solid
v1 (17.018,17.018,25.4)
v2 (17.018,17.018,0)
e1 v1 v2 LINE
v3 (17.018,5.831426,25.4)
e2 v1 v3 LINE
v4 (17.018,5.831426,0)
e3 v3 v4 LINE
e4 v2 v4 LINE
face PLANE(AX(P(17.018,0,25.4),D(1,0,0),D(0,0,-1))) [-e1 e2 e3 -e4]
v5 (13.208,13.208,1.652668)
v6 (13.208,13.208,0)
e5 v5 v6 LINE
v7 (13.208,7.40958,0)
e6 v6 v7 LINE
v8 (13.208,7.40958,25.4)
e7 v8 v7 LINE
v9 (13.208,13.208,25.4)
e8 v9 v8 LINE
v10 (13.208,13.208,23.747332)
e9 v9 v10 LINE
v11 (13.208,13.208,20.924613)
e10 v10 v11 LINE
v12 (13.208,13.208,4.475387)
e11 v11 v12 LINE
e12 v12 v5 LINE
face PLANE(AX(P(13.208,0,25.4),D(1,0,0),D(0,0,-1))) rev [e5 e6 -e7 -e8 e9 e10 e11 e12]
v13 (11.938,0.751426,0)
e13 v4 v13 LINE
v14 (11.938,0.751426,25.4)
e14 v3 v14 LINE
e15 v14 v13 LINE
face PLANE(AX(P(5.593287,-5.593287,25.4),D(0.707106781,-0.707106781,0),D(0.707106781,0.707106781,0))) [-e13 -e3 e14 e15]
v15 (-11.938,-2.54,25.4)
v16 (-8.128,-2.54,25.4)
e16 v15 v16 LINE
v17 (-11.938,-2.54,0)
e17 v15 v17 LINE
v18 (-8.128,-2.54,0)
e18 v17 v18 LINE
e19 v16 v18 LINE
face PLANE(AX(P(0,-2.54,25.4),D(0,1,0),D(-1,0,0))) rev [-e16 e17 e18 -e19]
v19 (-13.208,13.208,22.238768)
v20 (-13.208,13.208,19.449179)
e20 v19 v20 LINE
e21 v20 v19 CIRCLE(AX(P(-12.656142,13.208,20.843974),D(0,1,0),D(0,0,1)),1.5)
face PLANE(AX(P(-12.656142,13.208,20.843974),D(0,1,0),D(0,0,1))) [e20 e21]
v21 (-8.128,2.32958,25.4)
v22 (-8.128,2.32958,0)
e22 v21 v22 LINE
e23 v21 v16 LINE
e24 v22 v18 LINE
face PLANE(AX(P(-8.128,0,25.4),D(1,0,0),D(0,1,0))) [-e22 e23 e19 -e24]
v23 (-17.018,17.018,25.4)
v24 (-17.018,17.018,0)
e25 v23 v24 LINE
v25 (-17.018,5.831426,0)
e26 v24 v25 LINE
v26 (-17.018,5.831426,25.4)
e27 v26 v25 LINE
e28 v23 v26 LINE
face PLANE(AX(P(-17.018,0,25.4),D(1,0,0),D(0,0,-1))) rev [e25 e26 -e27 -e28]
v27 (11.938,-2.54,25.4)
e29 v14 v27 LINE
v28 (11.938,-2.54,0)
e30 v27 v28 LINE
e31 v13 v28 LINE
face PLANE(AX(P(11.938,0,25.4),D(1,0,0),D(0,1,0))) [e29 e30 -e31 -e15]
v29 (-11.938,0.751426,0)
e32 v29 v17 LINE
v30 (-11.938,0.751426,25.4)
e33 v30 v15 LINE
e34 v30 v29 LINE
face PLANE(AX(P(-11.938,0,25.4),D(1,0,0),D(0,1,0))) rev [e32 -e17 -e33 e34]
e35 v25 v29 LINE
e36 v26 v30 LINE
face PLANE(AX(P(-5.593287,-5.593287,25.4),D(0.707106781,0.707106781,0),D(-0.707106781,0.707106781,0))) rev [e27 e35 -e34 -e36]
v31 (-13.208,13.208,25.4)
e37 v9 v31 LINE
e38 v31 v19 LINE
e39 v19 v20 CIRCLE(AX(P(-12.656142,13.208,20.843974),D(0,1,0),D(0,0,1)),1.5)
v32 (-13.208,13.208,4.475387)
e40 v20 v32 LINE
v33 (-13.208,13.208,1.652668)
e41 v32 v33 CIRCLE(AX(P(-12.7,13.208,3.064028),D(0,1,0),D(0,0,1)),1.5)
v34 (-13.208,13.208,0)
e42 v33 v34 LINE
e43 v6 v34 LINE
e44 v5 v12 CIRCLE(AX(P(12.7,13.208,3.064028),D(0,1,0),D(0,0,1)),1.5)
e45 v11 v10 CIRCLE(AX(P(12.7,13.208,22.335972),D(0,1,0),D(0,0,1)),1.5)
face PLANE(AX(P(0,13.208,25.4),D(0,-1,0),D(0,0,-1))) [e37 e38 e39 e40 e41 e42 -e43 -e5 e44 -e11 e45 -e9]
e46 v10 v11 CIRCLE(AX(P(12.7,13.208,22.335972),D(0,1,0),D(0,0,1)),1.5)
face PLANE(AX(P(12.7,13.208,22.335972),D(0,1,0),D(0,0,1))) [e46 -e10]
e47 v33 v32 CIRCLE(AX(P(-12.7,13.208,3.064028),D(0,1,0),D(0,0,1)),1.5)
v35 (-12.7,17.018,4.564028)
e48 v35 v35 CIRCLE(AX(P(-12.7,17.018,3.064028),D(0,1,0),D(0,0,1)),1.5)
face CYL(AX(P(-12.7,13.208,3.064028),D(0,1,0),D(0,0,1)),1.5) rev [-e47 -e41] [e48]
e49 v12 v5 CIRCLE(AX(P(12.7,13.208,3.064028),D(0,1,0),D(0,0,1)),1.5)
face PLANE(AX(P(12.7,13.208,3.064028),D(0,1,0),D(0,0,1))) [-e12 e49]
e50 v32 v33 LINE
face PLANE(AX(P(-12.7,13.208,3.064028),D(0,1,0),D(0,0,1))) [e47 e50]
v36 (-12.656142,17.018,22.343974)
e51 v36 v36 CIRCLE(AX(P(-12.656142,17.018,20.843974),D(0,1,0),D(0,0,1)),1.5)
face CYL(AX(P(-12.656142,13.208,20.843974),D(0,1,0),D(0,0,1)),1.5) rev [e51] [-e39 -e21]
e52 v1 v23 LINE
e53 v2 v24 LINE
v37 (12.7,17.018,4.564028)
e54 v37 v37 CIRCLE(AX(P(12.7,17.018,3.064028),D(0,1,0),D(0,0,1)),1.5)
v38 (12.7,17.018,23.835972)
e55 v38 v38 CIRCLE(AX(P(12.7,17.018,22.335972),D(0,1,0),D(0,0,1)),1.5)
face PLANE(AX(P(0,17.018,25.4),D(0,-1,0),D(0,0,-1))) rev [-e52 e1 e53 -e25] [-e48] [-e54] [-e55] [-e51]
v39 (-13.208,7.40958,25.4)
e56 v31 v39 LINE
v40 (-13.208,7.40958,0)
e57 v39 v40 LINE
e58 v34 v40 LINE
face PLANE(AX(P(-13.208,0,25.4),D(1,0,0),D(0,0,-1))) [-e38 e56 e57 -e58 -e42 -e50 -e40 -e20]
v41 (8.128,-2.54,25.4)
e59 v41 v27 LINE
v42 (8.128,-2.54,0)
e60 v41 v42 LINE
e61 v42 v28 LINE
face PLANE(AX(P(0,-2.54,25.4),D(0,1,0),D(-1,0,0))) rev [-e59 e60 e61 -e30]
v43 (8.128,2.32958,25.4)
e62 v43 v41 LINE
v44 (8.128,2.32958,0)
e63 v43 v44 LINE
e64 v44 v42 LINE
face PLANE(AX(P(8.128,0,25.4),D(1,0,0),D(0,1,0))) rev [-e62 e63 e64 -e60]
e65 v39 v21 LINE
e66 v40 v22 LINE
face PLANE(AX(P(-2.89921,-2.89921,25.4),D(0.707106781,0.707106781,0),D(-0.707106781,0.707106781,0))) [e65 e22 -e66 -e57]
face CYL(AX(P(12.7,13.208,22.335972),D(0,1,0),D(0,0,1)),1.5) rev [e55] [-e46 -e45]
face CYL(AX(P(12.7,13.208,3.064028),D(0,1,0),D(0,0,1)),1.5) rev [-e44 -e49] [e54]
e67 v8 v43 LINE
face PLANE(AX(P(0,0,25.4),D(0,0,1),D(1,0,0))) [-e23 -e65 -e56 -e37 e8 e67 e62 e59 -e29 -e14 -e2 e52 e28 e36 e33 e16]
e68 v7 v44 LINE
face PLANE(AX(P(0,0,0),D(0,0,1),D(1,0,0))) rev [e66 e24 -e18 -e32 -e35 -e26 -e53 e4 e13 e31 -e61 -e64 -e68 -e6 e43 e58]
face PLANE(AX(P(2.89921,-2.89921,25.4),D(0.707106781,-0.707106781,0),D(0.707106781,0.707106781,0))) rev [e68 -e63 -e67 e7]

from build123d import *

# Parameters (mm, degrees)
BOSS_EXTRUDE1_DEPTH = 25.4
SKETCH2_R           = 1.5
CUT_EXTRUDE1_DEPTH  = 3.81


with BuildPart() as part:
    # Sketch1 → Boss-Extrude1 (new body)
    with BuildSketch(Plane.XY):
        Polygon((-13.208, 13.208), (13.208, 13.208), (13.208, 7.40957951), (8.128, 2.32957951), (8.128, -2.54), (11.938, -2.54), (11.938, 0.751425838), (17.018, 5.831425838), (17.018, 17.018), (-17.018, 17.018), (-17.018, 5.831425838), (-11.938, 0.751425838), (-11.938, -2.54), (-8.128, -2.54), (-8.128, 2.32957951), (-13.208, 7.40957951), align=None)
    extrude(amount=BOSS_EXTRUDE1_DEPTH)

    # Sketch2 → Cut-Extrude1 (cut)
    with BuildSketch(Plane(origin=(0, 17.018, 0), x_dir=(1, 0, 0), z_dir=(0, 1, 0))):
        with Locations(Location((-12.7, -3.06402769, 0), (0, 0, 270))):
            Circle(SKETCH2_R)
        with Locations(Location((-12.656142054, -20.843973598, 0), (0, 0, 270))):
            Circle(SKETCH2_R)
        with Locations(Location((12.7, -22.33597231, 0), (0, 0, 270))):
            Circle(SKETCH2_R)
        with Locations(Location((12.7, -3.06402769, 0), (0, 0, 270))):
            Circle(SKETCH2_R)
    extrude(amount=-CUT_EXTRUDE1_DEPTH, mode=Mode.SUBTRACT)


solid = part.part
